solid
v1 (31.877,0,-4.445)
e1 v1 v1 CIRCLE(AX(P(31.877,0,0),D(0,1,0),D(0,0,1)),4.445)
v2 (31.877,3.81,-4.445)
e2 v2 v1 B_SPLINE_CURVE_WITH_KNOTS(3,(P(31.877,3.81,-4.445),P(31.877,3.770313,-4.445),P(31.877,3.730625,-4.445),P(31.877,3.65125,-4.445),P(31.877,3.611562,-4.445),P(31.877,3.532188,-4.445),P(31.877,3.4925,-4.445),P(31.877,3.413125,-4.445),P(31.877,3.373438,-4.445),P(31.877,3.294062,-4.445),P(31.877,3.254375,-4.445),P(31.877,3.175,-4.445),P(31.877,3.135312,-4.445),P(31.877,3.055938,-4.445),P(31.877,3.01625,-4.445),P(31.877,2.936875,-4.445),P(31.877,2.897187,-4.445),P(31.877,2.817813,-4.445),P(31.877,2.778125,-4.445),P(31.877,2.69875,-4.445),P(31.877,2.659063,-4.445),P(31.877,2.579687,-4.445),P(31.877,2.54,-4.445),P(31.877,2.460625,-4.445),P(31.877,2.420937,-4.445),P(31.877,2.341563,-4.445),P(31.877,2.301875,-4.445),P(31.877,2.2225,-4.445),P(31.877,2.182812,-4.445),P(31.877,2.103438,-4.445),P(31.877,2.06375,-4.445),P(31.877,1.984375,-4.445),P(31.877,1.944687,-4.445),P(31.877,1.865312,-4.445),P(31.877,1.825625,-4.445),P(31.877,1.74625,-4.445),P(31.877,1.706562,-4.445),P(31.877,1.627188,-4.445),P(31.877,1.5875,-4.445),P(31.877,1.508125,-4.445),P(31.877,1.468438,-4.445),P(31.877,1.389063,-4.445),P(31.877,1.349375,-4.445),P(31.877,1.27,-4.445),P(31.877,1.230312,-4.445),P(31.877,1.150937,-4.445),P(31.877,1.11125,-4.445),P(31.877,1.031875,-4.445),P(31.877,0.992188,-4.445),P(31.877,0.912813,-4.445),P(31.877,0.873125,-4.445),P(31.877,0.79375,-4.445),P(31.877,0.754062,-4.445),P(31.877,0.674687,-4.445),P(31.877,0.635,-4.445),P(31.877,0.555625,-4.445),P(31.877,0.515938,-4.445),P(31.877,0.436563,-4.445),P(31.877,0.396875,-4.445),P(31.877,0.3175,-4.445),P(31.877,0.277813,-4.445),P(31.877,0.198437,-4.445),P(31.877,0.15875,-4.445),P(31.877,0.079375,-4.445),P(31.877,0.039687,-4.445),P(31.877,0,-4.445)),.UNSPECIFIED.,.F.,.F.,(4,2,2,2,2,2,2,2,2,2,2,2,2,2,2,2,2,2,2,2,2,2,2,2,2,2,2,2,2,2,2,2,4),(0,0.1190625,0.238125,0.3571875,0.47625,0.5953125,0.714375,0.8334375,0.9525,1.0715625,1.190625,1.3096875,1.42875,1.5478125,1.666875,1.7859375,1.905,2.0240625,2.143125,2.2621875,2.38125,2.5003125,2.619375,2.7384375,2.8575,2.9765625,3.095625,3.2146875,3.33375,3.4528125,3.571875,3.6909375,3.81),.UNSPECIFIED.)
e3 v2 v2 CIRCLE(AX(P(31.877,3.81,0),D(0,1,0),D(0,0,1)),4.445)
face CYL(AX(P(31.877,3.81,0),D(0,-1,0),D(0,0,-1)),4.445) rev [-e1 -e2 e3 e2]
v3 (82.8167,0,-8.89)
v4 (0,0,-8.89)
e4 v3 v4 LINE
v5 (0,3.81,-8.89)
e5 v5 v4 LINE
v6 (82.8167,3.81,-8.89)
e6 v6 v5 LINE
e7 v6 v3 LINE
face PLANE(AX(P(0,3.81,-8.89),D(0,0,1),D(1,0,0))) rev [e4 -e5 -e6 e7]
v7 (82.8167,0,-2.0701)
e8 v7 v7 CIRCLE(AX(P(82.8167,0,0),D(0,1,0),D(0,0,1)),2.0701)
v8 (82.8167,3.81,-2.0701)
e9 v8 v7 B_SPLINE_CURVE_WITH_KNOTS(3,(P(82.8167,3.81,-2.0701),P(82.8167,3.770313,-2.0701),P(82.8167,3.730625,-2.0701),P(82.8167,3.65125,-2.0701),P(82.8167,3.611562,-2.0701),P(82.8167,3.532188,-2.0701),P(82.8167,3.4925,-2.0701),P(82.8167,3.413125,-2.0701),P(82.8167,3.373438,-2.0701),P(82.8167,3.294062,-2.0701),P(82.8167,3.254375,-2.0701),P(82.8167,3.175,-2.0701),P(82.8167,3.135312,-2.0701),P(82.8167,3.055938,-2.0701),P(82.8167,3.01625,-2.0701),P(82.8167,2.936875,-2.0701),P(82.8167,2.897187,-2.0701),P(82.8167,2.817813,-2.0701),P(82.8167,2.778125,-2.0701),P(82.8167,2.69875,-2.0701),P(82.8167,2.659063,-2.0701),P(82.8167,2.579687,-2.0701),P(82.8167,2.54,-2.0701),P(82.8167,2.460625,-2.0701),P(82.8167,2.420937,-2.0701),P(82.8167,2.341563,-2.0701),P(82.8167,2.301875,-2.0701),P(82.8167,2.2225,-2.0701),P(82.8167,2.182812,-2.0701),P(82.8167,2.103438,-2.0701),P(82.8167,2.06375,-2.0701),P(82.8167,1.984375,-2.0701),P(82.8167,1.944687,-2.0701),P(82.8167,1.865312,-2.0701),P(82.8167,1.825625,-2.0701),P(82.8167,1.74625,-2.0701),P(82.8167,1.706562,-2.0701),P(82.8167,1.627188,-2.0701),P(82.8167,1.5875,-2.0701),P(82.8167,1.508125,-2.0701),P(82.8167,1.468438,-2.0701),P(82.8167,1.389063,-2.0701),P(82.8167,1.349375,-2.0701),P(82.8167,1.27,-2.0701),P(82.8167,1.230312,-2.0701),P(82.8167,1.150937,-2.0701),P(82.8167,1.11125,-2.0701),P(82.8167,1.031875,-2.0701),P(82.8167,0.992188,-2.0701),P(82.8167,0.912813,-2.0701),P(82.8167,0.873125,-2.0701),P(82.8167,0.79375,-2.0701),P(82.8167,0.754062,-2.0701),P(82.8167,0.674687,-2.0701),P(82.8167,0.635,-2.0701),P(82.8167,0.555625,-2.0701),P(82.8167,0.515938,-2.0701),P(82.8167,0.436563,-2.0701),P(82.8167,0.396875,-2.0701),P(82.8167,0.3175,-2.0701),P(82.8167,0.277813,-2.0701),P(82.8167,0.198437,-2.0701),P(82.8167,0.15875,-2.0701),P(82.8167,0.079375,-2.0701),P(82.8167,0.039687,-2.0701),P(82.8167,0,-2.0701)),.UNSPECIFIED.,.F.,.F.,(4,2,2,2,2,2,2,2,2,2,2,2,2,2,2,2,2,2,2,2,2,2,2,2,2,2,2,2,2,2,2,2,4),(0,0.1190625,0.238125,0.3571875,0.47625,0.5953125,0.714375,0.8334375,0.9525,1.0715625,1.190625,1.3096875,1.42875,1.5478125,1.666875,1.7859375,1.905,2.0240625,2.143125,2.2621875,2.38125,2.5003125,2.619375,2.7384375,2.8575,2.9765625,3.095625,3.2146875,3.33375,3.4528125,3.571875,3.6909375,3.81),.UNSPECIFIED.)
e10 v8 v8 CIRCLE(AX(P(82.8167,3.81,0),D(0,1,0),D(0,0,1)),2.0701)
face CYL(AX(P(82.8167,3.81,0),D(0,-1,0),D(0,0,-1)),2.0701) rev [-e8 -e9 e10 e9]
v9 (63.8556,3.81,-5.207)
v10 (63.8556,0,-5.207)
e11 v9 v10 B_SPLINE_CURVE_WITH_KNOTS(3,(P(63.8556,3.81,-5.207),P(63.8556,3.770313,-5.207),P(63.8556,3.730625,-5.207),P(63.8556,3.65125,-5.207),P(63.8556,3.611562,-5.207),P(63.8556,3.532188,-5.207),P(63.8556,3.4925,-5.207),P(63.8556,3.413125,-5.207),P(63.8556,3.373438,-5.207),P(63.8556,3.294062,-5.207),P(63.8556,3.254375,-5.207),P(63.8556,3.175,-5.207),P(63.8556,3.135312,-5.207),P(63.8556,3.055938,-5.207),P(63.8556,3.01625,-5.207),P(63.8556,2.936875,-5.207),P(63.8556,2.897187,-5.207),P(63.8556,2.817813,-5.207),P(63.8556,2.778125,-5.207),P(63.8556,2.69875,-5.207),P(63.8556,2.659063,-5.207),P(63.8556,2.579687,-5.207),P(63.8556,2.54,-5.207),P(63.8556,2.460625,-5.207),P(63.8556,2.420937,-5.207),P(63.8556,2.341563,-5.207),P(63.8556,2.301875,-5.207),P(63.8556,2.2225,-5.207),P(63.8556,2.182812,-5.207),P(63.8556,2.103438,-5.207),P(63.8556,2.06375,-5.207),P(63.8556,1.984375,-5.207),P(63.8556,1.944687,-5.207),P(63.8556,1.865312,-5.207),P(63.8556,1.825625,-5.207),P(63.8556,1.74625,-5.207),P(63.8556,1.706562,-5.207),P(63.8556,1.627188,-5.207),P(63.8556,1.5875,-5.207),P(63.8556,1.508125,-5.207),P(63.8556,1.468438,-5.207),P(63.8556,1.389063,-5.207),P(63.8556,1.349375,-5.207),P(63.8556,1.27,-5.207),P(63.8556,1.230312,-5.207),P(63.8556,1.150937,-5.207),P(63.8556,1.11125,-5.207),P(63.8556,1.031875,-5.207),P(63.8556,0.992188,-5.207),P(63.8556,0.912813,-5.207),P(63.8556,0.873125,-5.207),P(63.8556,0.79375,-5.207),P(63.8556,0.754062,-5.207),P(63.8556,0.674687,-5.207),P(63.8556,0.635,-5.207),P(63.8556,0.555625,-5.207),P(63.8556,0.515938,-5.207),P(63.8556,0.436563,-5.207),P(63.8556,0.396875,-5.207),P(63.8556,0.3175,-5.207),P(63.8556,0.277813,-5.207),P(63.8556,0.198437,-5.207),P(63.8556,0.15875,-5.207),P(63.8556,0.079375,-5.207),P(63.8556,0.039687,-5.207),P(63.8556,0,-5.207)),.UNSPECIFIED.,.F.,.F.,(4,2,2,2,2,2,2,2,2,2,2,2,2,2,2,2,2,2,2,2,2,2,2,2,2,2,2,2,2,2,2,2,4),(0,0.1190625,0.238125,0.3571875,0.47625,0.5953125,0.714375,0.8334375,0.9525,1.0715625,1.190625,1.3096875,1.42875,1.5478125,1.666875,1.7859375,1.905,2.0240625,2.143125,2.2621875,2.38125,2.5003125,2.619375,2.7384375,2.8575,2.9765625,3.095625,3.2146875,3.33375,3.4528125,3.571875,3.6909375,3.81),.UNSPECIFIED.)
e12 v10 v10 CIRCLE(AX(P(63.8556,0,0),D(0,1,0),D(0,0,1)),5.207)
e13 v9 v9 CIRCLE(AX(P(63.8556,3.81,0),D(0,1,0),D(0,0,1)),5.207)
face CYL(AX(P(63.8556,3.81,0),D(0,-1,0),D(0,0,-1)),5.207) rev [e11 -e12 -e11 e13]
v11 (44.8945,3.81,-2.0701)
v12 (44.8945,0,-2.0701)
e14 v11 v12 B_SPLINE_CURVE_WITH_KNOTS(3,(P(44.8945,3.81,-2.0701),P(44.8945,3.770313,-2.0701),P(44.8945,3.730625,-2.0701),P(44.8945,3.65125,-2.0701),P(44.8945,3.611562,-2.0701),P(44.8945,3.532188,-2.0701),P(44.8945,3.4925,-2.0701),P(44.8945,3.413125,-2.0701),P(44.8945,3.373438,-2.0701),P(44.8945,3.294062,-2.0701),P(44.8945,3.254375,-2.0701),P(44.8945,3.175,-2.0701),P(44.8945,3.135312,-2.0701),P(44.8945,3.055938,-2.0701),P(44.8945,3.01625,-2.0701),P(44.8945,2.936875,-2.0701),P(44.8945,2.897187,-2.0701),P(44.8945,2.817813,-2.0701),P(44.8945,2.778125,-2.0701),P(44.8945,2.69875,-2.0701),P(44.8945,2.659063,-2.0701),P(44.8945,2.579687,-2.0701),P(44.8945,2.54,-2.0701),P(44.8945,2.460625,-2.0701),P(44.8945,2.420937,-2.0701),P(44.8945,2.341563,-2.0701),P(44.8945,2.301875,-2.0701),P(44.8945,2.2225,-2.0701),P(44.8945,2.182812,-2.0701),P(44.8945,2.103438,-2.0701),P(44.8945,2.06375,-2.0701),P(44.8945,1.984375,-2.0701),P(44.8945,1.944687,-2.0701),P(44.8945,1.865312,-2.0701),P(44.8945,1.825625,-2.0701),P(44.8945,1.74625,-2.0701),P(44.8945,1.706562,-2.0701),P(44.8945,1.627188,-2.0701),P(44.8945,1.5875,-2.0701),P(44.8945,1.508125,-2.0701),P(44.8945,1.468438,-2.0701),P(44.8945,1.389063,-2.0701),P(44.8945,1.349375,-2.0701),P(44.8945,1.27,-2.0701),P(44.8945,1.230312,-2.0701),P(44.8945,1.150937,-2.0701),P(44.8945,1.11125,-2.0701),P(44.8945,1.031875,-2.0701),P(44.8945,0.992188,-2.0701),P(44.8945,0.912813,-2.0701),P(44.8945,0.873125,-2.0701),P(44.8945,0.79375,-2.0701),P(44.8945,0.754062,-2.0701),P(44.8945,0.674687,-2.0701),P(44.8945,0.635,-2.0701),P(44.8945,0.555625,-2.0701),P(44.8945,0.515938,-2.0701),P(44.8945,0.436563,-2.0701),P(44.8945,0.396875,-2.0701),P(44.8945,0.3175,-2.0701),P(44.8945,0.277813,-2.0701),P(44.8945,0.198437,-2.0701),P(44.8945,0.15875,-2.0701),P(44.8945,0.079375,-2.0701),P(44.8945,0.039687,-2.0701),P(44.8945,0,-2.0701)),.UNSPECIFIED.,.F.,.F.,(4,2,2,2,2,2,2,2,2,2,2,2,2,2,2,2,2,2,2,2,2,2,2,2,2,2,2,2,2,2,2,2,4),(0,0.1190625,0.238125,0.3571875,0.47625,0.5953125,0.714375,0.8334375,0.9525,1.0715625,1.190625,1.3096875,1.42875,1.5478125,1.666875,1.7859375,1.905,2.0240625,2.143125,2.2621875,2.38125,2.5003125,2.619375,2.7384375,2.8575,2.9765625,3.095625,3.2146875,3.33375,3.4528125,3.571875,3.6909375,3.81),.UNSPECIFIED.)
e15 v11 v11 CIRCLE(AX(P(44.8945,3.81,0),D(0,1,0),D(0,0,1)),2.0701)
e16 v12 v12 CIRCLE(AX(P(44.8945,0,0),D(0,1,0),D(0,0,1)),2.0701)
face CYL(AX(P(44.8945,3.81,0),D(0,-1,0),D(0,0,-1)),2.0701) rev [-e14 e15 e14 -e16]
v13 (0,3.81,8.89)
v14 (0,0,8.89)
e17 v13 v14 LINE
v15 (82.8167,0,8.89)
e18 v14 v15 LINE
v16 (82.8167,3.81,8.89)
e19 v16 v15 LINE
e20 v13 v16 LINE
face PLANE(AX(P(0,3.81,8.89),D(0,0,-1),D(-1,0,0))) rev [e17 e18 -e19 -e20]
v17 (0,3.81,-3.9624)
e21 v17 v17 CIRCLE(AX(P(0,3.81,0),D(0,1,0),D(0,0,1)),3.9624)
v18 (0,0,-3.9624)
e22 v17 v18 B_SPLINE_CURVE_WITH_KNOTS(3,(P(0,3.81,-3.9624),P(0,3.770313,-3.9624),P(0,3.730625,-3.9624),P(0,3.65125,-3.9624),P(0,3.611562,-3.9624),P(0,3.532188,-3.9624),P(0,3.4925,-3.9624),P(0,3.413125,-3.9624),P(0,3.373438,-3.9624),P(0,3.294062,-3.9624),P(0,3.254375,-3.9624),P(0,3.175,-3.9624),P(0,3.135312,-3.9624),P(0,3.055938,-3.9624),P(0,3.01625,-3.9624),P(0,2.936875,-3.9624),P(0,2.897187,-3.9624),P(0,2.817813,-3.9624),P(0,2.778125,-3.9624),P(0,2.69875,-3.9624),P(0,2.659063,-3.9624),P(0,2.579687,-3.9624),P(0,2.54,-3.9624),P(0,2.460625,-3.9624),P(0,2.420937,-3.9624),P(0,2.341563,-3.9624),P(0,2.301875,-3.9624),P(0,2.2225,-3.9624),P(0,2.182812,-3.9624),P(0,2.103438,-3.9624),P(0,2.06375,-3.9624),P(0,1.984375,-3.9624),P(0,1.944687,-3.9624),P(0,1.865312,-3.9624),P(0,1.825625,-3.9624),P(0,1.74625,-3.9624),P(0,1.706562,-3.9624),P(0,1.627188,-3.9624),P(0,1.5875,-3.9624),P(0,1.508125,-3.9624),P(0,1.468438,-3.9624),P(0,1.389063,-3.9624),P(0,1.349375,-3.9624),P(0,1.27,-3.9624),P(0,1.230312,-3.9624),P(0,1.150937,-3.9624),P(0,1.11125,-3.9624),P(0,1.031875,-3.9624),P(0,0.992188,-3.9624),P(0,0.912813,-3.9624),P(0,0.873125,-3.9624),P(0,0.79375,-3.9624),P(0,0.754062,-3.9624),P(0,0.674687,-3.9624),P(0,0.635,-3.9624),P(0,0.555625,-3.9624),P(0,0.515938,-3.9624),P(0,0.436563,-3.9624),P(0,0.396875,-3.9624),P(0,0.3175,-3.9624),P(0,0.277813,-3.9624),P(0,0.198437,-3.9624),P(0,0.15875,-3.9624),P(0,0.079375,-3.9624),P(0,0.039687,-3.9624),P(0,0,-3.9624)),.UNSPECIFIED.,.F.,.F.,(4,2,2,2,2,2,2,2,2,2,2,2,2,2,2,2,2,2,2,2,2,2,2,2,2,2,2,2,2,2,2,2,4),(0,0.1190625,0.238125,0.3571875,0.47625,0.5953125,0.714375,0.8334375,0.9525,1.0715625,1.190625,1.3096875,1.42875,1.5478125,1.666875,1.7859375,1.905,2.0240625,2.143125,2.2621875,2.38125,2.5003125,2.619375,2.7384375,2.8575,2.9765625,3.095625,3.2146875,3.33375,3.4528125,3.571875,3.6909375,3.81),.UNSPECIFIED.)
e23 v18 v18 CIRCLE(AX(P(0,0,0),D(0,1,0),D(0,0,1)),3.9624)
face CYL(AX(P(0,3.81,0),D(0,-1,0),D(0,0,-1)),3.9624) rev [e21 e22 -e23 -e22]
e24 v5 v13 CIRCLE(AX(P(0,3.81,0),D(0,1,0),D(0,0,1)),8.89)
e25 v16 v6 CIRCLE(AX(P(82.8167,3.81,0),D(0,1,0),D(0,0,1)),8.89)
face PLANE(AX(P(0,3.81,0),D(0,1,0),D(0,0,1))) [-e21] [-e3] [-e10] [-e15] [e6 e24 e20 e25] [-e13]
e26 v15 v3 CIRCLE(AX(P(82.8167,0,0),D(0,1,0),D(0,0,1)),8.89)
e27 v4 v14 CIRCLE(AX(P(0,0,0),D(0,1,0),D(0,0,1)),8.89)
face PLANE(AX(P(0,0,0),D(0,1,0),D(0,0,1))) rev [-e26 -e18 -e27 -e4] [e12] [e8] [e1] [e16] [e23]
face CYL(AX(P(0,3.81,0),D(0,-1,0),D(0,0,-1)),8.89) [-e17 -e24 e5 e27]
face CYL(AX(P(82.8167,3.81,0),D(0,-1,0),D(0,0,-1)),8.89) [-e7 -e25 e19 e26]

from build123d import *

# Parameters (mm, degrees)
SKETCH1_R           = 3.9624
SKETCH1_R_2         = 2.0701
SKETCH1_R_3         = 5.207
SKETCH1_R_4         = 4.445
BOSS_EXTRUDE1_DEPTH = 3.81


with BuildPart() as part:
    # Sketch1 → Boss-Extrude1 (new body)
    with BuildSketch(Plane(origin=(0, 0, 0), x_dir=(1, 0, 0), z_dir=(0, 1, 0))):
        with BuildLine():
            Line((0, 8.89), (82.8167, 8.89))
            ThreePointArc((82.8167, 8.89), (91.7067, 0), (82.8167, -8.89))
            Line((82.8167, -8.89), (0, -8.89))
            ThreePointArc((0, -8.89), (-8.89, 0), (0, 8.89))
        make_face()
        with Locations(Location((0, 0, 0), (0, 0, 90))):
            Circle(SKETCH1_R, mode=Mode.SUBTRACT)
        with Locations(Location((82.8167, 0, 0), (0, 0, 90))):
            Circle(SKETCH1_R_2, mode=Mode.SUBTRACT)
        with Locations(Location((44.8945, 0, 0), (0, 0, 90))):
            Circle(SKETCH1_R_2, mode=Mode.SUBTRACT)
        with Locations(Location((63.8556, 0, 0), (0, 0, 90))):
            Circle(SKETCH1_R_3, mode=Mode.SUBTRACT)
        with Locations(Location((31.877, 0, 0), (0, 0, 90))):
            Circle(SKETCH1_R_4, mode=Mode.SUBTRACT)
    extrude(amount=BOSS_EXTRUDE1_DEPTH)


solid = part.part
